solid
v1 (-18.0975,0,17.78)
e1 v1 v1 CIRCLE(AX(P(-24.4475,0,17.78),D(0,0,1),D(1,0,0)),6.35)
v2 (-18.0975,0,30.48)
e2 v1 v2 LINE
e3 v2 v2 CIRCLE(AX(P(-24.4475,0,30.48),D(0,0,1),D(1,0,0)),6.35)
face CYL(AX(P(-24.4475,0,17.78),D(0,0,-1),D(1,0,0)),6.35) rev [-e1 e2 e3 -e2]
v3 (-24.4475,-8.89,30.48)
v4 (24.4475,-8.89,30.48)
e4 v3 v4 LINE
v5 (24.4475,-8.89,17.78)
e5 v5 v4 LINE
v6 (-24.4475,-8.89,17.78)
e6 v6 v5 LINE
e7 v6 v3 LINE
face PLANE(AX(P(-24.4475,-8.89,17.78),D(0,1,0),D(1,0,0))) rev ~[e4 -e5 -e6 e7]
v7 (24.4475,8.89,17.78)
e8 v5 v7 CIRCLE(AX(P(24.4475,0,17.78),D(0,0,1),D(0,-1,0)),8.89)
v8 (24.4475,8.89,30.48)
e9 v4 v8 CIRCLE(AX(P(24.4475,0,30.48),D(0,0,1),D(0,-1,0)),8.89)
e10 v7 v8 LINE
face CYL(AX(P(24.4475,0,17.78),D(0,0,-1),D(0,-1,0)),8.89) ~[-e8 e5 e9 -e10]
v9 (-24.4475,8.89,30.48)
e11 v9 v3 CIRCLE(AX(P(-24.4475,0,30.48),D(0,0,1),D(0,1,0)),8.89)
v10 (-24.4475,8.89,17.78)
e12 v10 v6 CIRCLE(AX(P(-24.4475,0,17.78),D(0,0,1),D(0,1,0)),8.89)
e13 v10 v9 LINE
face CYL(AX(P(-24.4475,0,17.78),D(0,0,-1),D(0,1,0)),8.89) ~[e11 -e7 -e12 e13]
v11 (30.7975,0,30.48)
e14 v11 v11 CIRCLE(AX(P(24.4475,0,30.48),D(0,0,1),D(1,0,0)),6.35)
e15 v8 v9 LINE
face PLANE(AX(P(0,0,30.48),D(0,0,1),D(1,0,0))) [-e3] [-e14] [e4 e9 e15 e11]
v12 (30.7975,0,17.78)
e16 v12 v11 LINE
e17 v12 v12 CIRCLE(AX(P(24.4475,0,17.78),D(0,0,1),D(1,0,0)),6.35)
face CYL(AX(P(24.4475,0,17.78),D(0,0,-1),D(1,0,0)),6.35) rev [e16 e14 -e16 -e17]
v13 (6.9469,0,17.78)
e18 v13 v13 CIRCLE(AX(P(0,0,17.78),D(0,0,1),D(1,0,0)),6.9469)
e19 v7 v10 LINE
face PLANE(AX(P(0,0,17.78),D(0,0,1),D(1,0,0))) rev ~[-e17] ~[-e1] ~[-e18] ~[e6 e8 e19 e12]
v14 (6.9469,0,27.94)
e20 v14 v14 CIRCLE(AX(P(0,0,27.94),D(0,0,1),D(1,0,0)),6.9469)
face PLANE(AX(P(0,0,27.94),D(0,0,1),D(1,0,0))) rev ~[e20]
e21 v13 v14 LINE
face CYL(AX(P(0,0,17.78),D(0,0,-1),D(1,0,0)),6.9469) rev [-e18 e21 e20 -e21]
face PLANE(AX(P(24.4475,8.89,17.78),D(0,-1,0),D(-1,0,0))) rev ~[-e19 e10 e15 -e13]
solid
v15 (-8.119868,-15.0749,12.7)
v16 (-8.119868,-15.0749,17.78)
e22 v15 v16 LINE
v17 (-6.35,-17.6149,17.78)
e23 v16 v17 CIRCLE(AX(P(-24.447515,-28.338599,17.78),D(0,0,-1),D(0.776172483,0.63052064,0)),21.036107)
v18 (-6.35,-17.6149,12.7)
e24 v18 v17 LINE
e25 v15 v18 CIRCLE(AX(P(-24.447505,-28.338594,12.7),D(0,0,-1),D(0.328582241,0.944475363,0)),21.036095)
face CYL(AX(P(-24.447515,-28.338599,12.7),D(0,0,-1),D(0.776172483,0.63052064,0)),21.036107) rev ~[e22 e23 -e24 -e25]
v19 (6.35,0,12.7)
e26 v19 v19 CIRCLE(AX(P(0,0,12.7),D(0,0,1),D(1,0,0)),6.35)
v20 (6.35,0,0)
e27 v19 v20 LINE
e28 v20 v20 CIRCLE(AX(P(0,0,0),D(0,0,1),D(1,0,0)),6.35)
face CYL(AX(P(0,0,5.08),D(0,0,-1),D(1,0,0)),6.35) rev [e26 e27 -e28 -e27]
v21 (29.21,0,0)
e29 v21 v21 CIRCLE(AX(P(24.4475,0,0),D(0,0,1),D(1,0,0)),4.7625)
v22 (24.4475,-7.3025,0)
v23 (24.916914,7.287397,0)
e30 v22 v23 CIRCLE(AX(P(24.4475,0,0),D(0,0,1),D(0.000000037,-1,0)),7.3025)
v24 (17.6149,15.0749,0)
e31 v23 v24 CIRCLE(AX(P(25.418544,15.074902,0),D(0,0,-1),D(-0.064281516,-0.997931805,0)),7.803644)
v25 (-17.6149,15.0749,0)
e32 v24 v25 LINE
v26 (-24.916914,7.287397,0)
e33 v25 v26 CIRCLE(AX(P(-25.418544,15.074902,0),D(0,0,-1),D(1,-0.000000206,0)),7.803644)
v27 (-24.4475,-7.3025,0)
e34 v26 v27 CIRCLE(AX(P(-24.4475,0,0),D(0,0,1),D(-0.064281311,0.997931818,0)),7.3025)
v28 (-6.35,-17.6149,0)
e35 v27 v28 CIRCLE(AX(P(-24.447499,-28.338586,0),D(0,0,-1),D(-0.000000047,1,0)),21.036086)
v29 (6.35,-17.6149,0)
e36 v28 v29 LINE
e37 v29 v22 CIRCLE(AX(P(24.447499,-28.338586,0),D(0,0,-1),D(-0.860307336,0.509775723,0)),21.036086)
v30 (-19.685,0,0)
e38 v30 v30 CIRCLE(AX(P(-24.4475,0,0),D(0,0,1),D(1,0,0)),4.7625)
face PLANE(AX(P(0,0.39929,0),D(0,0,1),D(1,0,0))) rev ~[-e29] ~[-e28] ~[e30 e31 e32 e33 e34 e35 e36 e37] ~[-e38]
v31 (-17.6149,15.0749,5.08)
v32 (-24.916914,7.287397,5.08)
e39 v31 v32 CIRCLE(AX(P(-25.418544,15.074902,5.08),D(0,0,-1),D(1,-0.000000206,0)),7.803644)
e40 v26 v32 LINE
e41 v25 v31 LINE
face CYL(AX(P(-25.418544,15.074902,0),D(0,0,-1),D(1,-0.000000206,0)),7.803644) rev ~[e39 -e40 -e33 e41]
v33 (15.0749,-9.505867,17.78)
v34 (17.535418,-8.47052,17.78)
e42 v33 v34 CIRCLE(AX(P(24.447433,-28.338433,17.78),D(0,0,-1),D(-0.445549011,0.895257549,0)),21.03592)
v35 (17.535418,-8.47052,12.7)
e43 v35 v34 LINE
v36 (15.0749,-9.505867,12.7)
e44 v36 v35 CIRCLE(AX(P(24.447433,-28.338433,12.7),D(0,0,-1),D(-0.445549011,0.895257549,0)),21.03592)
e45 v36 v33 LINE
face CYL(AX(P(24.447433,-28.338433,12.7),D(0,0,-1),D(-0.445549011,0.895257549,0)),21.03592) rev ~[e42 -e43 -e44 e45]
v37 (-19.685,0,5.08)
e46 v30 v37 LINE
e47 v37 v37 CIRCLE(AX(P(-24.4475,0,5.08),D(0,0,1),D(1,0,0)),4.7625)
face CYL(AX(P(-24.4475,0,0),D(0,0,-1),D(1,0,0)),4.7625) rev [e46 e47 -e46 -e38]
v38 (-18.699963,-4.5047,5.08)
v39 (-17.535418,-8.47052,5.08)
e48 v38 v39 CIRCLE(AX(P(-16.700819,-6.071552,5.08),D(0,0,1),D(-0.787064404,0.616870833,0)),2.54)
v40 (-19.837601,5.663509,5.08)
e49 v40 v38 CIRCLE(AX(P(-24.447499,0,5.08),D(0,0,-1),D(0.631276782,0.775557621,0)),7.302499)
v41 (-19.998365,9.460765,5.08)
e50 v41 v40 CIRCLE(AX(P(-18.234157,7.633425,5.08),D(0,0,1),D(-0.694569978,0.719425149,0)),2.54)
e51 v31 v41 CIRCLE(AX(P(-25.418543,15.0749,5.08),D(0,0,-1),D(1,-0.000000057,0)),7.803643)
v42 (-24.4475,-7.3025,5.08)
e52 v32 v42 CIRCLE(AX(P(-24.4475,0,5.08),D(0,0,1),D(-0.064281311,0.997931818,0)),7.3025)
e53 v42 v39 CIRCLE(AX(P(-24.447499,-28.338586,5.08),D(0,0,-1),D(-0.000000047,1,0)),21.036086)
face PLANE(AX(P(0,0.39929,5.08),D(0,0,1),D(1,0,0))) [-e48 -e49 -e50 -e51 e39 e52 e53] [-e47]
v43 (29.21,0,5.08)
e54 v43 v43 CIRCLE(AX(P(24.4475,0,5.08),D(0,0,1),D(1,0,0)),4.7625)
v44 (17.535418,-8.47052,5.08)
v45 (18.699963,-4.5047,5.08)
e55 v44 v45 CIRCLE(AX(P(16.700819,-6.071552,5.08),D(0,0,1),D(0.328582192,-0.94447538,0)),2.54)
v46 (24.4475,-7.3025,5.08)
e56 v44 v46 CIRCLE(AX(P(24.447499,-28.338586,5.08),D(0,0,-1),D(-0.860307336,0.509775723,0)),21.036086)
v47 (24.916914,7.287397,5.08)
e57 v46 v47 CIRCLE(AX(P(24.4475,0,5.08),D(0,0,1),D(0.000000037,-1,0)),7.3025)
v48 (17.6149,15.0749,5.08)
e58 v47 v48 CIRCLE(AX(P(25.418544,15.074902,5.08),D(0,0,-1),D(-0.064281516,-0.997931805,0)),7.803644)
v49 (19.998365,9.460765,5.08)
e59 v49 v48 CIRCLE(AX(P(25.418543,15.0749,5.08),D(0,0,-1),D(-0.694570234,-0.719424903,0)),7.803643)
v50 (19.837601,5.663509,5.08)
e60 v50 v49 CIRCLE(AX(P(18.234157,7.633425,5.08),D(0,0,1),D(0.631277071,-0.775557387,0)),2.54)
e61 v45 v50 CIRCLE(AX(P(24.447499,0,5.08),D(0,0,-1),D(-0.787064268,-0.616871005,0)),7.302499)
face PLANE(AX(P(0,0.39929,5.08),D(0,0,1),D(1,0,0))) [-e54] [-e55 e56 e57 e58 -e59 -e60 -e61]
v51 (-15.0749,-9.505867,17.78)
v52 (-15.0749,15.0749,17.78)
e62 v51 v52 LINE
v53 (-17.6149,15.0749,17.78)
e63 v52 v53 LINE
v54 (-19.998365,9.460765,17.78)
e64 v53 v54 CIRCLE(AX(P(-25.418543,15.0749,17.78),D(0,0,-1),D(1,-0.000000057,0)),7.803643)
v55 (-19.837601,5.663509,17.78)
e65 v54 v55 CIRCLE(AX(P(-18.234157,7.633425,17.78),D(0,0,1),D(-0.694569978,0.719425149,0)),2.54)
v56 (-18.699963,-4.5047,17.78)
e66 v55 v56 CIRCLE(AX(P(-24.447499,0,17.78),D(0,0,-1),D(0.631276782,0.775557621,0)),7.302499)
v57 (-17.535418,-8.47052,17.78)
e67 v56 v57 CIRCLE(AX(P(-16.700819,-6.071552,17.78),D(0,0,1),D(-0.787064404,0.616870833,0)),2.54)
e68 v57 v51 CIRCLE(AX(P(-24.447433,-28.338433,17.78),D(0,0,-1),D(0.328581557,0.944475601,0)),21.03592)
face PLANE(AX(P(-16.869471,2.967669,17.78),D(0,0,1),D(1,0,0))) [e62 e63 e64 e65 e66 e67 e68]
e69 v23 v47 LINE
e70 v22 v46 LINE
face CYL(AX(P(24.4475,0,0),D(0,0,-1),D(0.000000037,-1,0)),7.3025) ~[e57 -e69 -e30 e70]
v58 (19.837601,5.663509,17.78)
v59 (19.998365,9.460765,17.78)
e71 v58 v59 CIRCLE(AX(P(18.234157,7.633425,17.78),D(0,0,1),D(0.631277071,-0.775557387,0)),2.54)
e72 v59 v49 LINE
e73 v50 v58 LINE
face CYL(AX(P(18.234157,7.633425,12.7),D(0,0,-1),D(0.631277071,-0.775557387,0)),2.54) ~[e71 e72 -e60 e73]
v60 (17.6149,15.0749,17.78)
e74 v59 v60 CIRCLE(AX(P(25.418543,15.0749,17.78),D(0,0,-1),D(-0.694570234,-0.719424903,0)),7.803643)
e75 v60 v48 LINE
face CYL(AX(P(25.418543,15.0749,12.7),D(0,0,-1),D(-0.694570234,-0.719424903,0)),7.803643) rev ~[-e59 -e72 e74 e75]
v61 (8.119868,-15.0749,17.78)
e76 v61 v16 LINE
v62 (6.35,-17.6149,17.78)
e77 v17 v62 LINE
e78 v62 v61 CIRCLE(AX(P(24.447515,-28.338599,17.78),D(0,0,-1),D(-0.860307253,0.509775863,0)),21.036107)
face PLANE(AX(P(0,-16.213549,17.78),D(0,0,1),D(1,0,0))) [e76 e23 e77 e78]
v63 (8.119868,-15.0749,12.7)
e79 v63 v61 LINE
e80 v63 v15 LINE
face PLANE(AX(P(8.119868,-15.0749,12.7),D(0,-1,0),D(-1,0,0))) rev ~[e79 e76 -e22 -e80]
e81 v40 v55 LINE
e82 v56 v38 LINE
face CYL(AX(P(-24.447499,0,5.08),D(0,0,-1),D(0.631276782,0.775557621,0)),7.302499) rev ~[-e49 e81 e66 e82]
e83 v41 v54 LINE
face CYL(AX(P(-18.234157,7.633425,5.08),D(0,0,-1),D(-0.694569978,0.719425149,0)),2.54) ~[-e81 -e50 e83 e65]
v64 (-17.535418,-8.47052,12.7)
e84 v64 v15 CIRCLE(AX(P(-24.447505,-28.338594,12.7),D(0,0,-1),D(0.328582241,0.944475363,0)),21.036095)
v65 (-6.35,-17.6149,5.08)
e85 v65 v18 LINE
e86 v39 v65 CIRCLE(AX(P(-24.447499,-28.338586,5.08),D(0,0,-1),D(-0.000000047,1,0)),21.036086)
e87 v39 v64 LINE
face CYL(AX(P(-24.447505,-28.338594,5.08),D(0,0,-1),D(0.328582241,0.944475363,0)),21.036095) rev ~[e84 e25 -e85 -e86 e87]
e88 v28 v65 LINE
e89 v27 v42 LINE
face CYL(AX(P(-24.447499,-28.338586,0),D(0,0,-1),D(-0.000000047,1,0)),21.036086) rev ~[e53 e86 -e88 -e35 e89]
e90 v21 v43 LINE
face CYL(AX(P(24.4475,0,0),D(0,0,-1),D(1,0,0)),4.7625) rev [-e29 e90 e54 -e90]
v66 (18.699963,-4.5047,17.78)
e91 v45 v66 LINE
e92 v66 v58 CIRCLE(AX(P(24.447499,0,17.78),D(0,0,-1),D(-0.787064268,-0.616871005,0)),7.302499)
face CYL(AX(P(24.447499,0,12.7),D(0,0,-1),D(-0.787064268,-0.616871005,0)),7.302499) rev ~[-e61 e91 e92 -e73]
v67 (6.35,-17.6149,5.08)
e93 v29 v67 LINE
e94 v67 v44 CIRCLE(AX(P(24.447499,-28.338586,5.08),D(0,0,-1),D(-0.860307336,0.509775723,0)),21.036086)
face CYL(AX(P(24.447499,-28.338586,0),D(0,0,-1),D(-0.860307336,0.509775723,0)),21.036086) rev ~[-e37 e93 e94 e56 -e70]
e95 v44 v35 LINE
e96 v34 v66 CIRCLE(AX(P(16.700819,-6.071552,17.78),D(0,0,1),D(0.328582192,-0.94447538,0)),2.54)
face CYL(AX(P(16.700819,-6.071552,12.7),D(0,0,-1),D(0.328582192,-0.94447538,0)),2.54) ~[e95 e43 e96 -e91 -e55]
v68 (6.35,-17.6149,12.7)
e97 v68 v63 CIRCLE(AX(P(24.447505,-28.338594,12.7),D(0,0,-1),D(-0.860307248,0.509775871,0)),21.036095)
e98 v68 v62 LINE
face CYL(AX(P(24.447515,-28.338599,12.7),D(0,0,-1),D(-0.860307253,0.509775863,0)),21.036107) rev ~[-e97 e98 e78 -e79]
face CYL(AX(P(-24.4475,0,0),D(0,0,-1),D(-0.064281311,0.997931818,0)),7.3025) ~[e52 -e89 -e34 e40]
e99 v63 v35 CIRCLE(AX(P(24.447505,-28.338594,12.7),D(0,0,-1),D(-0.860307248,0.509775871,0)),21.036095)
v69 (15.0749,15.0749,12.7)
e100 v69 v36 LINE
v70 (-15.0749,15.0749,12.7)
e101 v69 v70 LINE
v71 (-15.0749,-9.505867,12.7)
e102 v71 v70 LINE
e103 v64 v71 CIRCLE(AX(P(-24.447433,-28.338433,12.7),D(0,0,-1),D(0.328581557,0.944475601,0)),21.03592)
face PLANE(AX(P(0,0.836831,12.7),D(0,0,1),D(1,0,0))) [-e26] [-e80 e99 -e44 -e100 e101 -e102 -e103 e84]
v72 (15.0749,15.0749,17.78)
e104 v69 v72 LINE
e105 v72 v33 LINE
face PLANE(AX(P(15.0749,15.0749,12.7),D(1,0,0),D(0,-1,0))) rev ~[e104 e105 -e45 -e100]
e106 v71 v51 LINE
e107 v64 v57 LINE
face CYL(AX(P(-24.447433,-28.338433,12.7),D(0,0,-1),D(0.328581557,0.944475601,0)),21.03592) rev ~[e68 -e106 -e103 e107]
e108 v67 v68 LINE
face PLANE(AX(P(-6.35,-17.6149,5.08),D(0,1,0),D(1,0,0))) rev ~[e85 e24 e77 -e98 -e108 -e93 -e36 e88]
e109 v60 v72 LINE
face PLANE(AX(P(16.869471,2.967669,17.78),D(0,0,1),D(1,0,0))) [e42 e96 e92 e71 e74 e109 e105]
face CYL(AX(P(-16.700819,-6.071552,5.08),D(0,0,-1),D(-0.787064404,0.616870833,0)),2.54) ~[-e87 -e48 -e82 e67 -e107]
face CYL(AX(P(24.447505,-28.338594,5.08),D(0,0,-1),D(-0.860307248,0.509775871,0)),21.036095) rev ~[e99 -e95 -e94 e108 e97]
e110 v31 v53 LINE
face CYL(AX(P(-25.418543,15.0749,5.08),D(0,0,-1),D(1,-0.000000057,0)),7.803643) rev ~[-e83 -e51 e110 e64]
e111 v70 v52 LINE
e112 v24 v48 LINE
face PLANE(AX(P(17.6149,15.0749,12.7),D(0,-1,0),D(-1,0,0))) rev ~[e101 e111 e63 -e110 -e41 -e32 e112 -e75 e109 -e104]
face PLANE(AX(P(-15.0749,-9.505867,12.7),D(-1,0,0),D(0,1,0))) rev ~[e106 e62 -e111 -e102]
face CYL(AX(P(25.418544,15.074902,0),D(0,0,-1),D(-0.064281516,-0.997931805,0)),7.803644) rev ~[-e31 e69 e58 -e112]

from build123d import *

# Parameters (mm, degrees)
F0_R     = 4.7625
F0_R_2   = 6.35
F1_DEPTH = 5.08
F2_R     = 6.35
F3_DEPTH = 7.62
F5_DEPTH = 5.08
F6_R     = 6.35
F6_R_2   = 6.9469
F7_DEPTH = 12.7
F8_R     = 6.9469
F9_DEPTH = 2.54


with BuildPart() as f1:
    # F0 (on Top) → F1 (new body)
    with BuildSketch(Plane.XY):
        with BuildLine():
            ThreePointArc((-17.6149, 15.0749), (-19.725944, 9.73719), (-24.916914, 7.287397))
            ThreePointArc((-24.916914, 7.287397), (-31.746223, -0.234828), (-24.4475, -7.3025))
            ThreePointArc((-24.4475, -7.3025), (-14.032786, -10.061533), (-6.35, -17.6149))
            Line((-6.35, -17.6149), (6.35, -17.6149))
            ThreePointArc((6.35, -17.6149), (14.032786, -10.061533), (24.4475, -7.3025))
            ThreePointArc((24.4475, -7.3025), (31.746223, -0.234828), (24.916914, 7.287397))
            ThreePointArc((24.916914, 7.287397), (19.725944, 9.73719), (17.6149, 15.0749))
            Line((17.6149, 15.0749), (-17.6149, 15.0749))
        make_face()
        with Locations((-24.4475, 0)):
            Circle(F0_R, mode=Mode.SUBTRACT)
        Circle(F0_R_2, mode=Mode.SUBTRACT)
        with Locations((24.4475, 0)):
            Circle(F0_R, mode=Mode.SUBTRACT)
    extrude(amount=F1_DEPTH)

    # F2 (on face) → F3 (join)
    with BuildSketch(Plane.XY.offset(5.08)):
        with BuildLine():
            ThreePointArc((6.35, -17.6149), (11.133045, -12.052328), (17.535418, -8.47052))
            ThreePointArc((17.535418, -8.47052), (19.137919, -6.787196), (18.699963, -4.5047))
            ThreePointArc((18.699963, -4.5047), (17.19028, 0.811951), (19.837601, 5.663509))
            ThreePointArc((19.837601, 5.663509), (20.771884, 7.525985), (19.998365, 9.460765))
            ThreePointArc((19.998365, 9.460765), (18.235439, 12.025333), (17.6149, 15.0749))
            Line((17.6149, 15.0749), (-17.6149, 15.0749))
            ThreePointArc((-17.6149, 15.0749), (-18.235439, 12.025333), (-19.998365, 9.460765))
            ThreePointArc((-19.998365, 9.460765), (-20.771884, 7.525985), (-19.837601, 5.663509))
            ThreePointArc((-19.837601, 5.663509), (-17.19028, 0.811951), (-18.699963, -4.5047))
            ThreePointArc((-18.699963, -4.5047), (-19.137919, -6.787196), (-17.535418, -8.47052))
            ThreePointArc((-17.535418, -8.47052), (-11.133045, -12.052328), (-6.35, -17.6149))
            Line((-6.35, -17.6149), (6.35, -17.6149))
        make_face()
        Circle(F2_R, mode=Mode.SUBTRACT)
    extrude(amount=F3_DEPTH)

    # F4 (on face) → F5 (join)
    with BuildSketch(Plane.XY.offset(12.7)):
        with BuildLine():
            Line((15.0749, 15.0749), (15.0749, -9.505867))
            ThreePointArc((15.0749, -9.505867), (16.288719, -8.949124), (17.535418, -8.47052))
            ThreePointArc((17.535418, -8.47052), (19.137919, -6.787196), (18.699963, -4.5047))
            ThreePointArc((18.699963, -4.5047), (17.19028, 0.811951), (19.837601, 5.663509))
            ThreePointArc((19.837601, 5.663509), (20.771884, 7.525985), (19.998365, 9.460765))
            ThreePointArc((19.998365, 9.460765), (18.235439, 12.025333), (17.6149, 15.0749))
            Line((17.6149, 15.0749), (15.0749, 15.0749))
        make_face()
        with BuildLine():
            Line((-15.0749, 15.0749), (-17.6149, 15.0749))
            ThreePointArc((-17.6149, 15.0749), (-18.235439, 12.025333), (-19.998365, 9.460765))
            ThreePointArc((-19.998365, 9.460765), (-20.771884, 7.525985), (-19.837601, 5.663509))
            ThreePointArc((-19.837601, 5.663509), (-17.19028, 0.811951), (-18.699963, -4.5047))
            ThreePointArc((-18.699963, -4.5047), (-19.137919, -6.787196), (-17.535418, -8.47052))
            ThreePointArc((-17.535418, -8.47052), (-16.288719, -8.949124), (-15.0749, -9.505867))
            Line((-15.0749, -9.505867), (-15.0749, 15.0749))
        make_face()
        with BuildLine():
            ThreePointArc((6.35, -17.6149), (7.188145, -16.312298), (8.119868, -15.0749))
            Line((8.119868, -15.0749), (-8.119868, -15.0749))
            ThreePointArc((-8.119868, -15.0749), (-7.188145, -16.312298), (-6.35, -17.6149))
            Line((-6.35, -17.6149), (6.35, -17.6149))
        make_face()
    extrude(amount=F5_DEPTH)


with BuildPart() as f7:
    # F6 (on face) → F7 (new body)
    with BuildSketch(Plane.XY.offset(17.78)):
        with BuildLine():
            Line((-24.4475, -8.89), (24.4475, -8.89))
            ThreePointArc((24.4475, -8.89), (33.3375, 0), (24.4475, 8.89))
            Line((24.4475, 8.89), (-24.4475, 8.89))
            ThreePointArc((-24.4475, 8.89), (-33.3375, 0), (-24.4475, -8.89))
        make_face()
        with Locations((-24.4475, 0)):
            Circle(F6_R, mode=Mode.SUBTRACT)
        Circle(F6_R_2, mode=Mode.SUBTRACT)
        with Locations((24.4475, 0)):
            Circle(F6_R, mode=Mode.SUBTRACT)
    extrude(amount=F7_DEPTH)

    # F8 (on face) → F9 (join)
    with BuildSketch(Plane.XY.offset(30.48)):
        Circle(F8_R)
    extrude(amount=-F9_DEPTH)


solid = Compound([f1.part, f7.part])
